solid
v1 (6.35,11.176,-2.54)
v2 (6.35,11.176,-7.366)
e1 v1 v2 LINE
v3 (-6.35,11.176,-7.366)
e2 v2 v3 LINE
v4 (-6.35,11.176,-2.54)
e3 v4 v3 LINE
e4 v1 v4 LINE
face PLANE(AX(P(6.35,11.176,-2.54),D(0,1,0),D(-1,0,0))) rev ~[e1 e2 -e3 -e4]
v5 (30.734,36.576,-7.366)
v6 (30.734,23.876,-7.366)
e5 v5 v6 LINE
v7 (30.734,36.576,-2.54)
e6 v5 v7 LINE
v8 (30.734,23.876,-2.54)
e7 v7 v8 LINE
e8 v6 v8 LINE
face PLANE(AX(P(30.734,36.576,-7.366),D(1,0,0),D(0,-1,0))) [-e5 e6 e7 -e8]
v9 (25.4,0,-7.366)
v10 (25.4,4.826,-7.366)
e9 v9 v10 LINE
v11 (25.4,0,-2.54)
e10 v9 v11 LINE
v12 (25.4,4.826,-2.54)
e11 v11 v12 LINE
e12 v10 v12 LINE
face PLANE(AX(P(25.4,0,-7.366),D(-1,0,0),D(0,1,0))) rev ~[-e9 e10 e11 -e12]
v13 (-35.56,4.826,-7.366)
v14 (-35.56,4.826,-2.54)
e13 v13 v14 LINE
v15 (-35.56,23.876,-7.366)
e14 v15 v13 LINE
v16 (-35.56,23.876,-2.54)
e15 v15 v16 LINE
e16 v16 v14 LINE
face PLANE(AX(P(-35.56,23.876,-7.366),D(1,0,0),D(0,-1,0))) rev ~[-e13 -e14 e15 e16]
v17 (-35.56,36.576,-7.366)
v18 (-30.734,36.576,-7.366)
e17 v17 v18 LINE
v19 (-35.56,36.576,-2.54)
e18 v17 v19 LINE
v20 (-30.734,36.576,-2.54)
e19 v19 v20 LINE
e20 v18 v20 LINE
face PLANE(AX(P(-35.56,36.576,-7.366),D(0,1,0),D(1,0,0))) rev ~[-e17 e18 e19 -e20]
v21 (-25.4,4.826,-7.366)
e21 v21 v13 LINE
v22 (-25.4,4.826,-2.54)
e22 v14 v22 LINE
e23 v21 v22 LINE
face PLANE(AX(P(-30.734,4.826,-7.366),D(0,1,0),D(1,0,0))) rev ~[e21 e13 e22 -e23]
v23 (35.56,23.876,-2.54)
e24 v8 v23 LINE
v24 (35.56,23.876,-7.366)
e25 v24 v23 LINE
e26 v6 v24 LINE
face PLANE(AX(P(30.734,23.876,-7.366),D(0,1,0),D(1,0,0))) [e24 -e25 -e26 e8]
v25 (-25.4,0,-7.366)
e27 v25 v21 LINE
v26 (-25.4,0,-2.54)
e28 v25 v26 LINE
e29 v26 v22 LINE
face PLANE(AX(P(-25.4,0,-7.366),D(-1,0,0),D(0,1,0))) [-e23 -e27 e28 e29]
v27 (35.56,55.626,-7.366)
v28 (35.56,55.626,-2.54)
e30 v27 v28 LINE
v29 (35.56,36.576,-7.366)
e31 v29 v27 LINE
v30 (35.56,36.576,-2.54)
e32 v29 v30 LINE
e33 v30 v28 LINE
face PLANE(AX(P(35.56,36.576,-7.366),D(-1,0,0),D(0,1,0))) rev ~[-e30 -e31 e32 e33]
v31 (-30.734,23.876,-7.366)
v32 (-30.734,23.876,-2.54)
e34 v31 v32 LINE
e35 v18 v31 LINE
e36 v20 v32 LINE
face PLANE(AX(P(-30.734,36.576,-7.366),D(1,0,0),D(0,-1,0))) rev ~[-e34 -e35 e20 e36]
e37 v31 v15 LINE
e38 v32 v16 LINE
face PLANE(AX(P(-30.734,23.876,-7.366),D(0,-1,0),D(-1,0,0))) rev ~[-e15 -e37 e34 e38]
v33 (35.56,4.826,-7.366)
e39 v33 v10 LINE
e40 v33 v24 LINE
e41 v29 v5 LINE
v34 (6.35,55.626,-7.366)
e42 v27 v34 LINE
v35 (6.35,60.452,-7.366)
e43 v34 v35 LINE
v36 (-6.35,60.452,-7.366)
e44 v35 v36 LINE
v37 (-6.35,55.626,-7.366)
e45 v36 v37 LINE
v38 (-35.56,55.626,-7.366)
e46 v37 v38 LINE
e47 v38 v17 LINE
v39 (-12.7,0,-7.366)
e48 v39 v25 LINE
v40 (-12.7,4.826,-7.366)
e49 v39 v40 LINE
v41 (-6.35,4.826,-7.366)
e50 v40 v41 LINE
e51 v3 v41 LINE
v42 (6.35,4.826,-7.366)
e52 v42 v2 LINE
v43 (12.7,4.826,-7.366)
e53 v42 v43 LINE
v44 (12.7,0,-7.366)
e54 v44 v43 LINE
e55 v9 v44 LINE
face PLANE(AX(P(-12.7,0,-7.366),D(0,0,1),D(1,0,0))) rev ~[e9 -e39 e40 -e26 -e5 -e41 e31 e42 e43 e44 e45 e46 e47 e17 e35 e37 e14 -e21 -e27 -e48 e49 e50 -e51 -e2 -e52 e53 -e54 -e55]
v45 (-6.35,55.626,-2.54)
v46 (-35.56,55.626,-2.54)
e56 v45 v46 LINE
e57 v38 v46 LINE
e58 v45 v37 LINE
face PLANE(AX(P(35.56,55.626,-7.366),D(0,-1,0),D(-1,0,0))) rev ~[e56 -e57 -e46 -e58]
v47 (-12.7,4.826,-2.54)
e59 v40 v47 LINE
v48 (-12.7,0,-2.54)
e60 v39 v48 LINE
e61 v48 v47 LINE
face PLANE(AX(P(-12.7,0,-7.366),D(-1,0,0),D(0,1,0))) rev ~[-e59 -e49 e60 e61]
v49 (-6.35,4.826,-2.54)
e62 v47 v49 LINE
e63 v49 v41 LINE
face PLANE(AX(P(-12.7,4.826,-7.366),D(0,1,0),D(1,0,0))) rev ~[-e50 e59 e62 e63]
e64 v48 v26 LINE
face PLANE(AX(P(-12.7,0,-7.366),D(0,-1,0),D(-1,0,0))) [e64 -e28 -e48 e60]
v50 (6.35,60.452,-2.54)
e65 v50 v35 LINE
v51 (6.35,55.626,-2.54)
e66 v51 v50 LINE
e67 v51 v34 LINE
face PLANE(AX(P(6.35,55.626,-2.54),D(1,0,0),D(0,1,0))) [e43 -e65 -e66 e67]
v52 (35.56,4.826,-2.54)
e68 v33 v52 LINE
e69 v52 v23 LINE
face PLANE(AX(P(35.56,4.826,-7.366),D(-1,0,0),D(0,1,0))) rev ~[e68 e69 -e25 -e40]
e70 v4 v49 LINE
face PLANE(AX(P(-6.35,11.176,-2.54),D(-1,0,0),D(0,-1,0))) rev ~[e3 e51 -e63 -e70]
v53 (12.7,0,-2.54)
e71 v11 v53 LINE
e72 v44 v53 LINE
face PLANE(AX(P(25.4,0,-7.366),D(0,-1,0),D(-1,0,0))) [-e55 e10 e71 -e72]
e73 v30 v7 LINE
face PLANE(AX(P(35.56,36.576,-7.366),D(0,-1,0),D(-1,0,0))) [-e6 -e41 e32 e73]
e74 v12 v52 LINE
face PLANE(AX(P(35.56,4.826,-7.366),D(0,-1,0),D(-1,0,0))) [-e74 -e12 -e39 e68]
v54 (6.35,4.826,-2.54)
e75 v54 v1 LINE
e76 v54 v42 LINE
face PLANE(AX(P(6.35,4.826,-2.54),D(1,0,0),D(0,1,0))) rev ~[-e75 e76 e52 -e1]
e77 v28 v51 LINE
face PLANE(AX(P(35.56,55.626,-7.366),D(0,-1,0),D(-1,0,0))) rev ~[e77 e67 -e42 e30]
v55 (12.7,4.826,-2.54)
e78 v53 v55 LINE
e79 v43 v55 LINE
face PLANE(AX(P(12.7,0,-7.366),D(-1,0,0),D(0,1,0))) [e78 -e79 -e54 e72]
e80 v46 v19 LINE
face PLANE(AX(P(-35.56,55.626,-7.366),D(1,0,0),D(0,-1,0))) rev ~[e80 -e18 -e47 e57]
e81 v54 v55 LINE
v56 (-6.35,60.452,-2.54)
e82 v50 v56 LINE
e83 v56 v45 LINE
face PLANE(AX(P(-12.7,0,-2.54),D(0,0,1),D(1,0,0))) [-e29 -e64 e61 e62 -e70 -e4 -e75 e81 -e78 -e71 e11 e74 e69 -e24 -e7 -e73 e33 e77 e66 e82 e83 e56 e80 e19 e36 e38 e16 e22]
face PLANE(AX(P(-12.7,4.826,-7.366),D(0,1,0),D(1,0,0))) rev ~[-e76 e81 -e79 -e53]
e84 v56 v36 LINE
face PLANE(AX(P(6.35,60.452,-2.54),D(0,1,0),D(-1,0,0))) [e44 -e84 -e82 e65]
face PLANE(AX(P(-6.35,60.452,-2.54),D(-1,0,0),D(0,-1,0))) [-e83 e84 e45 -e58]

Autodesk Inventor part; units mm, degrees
ref_plane "YZ Plane" through (0, 0, 0) normal (1, 0, 0) x (0, 1, 0)
ref_plane "XZ Plane" through (0, 0, 0) normal (0, 1, 0) x (-1, 0, 0)
ref_plane "XY Plane" through (0, 0, 0) normal (0, 0, 1) x (1, 0, 0)
sketch "Sketch1" plane through (0, 0, 0) normal (0, 0, 1) x (1, 0, 0)
  line L0 (-38.1, 0) -> (38.1, 0) projected
  line L1 (38.1, 0) -> (38.1, 4.826) projected
  line L2 (-38.1, 4.826) -> (38.1, 4.826) projected
  line L3 (-38.1, 0) -> (-38.1, 4.826) projected
  line L4 (-25.4, 0) -> (-12.7, 0) projected
  line L5 (-25.4, 0) -> (-25.4, 4.826) projected
  line L6 (-12.7, 4.826) -> (-25.4, 4.826) projected
  line L7 (-12.7, 0) -> (-12.7, 4.826) projected
  line L8 (12.7, 0) -> (25.4, 0) projected
  line L9 (12.7, 0) -> (12.7, 4.826) projected
  line L10 (25.4, 4.826) -> (12.7, 4.826) projected
  line L11 (25.4, 0) -> (25.4, 4.826) projected
  point P0 (0, 0)
ref_plane "Work Plane1" through (-12.7, 0, -7.366) normal (0, 0, 1) x (1, 0, 0)
sketch "Sketch2" plane through (-12.7, 0, -7.366) normal (0, 0, 1) x (1, 0, 0)
  line L0 (0, 0) -> (-12.7, 0) projected
  line L1 (0, 0) -> (0, 4.826) projected
  line L2 (-12.7, 4.826) -> (0, 4.826) projected
  line L3 (-12.7, 0) -> (-12.7, 4.826) projected
  line L4 (-12.7, 0) -> (0, 0)
  line L5 (0, 0) -> (0, 4.826)
  line L6 (-12.7, 4.826) -> (-12.7, 0)
  line L7 (38.1, 0) -> (25.4, 0) projected
  line L8 (38.1, 0) -> (38.1, 4.826) projected
  line L9 (25.4, 4.826) -> (38.1, 4.826) projected
  line L10 (25.4, 0) -> (25.4, 4.826) projected
  line L11 (25.4, 0) -> (38.1, 0)
  line L12 (38.1, 0) -> (38.1, 4.826)
  line L13 (25.4, 4.826) -> (25.4, 0)
  line L14 (-18.034, 0) -> (-22.86, 0) projected
  line L15 (-18.034, 0) -> (-18.034, 4.826) projected
  line L16 (-22.86, 4.826) -> (-18.034, 4.826) projected
  line L17 (-22.86, 0) -> (-22.86, 4.826) projected
  line L18 (43.434, 0) -> (48.26, 0) projected
  line L19 (43.434, 0) -> (43.434, 4.826) projected
  line L20 (48.26, 4.826) -> (43.434, 4.826) projected
  line L21 (48.26, 0) -> (48.26, 4.826) projected
  line L22 (48.26, 55.626) -> (-22.86, 55.626)
  line L23 (-22.86, 36.576) -> (-18.034, 36.576)
  line L24 (-18.034, 36.576) -> (-18.034, 23.876)
  line L25 (-18.034, 23.876) -> (-22.86, 23.876)
  line L26 (48.26, 36.576) -> (43.434, 36.576)
  line L27 (43.434, 36.576) -> (43.434, 23.876)
  line L28 (43.434, 23.876) -> (48.26, 23.876)
  line L29 (-22.86, 55.626) -> (-22.86, 36.576)
  line L30 (-22.86, 23.876) -> (-22.86, 4.826)
  line L31 (48.26, 4.826) -> (48.26, 23.876)
  line L32 (48.26, 36.576) -> (48.26, 55.626)
  line L33 (-22.86, 4.826) -> (-12.7, 4.826)
  line L34 (0, 4.826) -> (25.4, 4.826)
  line L35 (38.1, 4.826) -> (48.26, 4.826)
  point P0 (12.7, 0)
  dimension "d0" = 50.8
  dimension "d2" = 12.7
  dimension "d5" = 4.826
  dimension "d18" = 19.05
  dimension "d19" = 19.05
extrude "Extrusion1" add sketch "Sketch2" along normal blind 4.826 contours L0 L3 L2 L1 | L2 L33 L16 L30 L25 L24 L23 L29 L22 L32 L26 L27 L28 L31 L20 L35 L9 L34 | L9 L8 L7 L10
sketch "Sketch3" plane through (-12.7, 0, -2.54) normal (0, 0, 1) x (1, 0, 0)
  line L0 (48.26, 55.626) -> (-22.86, 55.626) projected
  line L1 (-22.86, 55.626) -> (-22.86, 36.576) projected
  line L2 (48.26, 55.626) -> (-22.86, 55.626) projected
  line L3 (6.35, 55.626) -> (19.05, 55.626)
  line L4 (19.05, 55.626) -> (19.05, 60.452)
  line L5 (19.05, 60.452) -> (6.35, 60.452)
  line L6 (6.35, 60.452) -> (6.35, 55.626)
  point P0 (12.7, 0)
  dimension "d8" = 12.7
  dimension "d9" = 4.826
  dimension "d10" = 29.21
extrude "Extrusion2" add sketch "Sketch3" against normal blind 4.826
sketch "Sketch4" plane through (-12.7, 0, -2.54) normal (0, 0, 1) x (1, 0, 0)
  line L0 (0, 4.826) -> (25.4, 4.826) projected
  line L1 (6.35, 4.826) -> (19.05, 4.826)
  line L2 (19.05, 4.826) -> (19.05, 11.176)
  line L3 (19.05, 11.176) -> (6.35, 11.176)
  line L4 (6.35, 11.176) -> (6.35, 4.826)
  line L5 (48.26, 4.826) -> (48.26, 23.876) projected
  point P0 (12.7, 0)
  dimension "d13" = 12.7
  dimension "d14" = 6.35
  dimension "d15" = 29.21
extrude "Extrusion3" cut sketch "Sketch4" against normal blind 4.826
properties part number "sideR"
